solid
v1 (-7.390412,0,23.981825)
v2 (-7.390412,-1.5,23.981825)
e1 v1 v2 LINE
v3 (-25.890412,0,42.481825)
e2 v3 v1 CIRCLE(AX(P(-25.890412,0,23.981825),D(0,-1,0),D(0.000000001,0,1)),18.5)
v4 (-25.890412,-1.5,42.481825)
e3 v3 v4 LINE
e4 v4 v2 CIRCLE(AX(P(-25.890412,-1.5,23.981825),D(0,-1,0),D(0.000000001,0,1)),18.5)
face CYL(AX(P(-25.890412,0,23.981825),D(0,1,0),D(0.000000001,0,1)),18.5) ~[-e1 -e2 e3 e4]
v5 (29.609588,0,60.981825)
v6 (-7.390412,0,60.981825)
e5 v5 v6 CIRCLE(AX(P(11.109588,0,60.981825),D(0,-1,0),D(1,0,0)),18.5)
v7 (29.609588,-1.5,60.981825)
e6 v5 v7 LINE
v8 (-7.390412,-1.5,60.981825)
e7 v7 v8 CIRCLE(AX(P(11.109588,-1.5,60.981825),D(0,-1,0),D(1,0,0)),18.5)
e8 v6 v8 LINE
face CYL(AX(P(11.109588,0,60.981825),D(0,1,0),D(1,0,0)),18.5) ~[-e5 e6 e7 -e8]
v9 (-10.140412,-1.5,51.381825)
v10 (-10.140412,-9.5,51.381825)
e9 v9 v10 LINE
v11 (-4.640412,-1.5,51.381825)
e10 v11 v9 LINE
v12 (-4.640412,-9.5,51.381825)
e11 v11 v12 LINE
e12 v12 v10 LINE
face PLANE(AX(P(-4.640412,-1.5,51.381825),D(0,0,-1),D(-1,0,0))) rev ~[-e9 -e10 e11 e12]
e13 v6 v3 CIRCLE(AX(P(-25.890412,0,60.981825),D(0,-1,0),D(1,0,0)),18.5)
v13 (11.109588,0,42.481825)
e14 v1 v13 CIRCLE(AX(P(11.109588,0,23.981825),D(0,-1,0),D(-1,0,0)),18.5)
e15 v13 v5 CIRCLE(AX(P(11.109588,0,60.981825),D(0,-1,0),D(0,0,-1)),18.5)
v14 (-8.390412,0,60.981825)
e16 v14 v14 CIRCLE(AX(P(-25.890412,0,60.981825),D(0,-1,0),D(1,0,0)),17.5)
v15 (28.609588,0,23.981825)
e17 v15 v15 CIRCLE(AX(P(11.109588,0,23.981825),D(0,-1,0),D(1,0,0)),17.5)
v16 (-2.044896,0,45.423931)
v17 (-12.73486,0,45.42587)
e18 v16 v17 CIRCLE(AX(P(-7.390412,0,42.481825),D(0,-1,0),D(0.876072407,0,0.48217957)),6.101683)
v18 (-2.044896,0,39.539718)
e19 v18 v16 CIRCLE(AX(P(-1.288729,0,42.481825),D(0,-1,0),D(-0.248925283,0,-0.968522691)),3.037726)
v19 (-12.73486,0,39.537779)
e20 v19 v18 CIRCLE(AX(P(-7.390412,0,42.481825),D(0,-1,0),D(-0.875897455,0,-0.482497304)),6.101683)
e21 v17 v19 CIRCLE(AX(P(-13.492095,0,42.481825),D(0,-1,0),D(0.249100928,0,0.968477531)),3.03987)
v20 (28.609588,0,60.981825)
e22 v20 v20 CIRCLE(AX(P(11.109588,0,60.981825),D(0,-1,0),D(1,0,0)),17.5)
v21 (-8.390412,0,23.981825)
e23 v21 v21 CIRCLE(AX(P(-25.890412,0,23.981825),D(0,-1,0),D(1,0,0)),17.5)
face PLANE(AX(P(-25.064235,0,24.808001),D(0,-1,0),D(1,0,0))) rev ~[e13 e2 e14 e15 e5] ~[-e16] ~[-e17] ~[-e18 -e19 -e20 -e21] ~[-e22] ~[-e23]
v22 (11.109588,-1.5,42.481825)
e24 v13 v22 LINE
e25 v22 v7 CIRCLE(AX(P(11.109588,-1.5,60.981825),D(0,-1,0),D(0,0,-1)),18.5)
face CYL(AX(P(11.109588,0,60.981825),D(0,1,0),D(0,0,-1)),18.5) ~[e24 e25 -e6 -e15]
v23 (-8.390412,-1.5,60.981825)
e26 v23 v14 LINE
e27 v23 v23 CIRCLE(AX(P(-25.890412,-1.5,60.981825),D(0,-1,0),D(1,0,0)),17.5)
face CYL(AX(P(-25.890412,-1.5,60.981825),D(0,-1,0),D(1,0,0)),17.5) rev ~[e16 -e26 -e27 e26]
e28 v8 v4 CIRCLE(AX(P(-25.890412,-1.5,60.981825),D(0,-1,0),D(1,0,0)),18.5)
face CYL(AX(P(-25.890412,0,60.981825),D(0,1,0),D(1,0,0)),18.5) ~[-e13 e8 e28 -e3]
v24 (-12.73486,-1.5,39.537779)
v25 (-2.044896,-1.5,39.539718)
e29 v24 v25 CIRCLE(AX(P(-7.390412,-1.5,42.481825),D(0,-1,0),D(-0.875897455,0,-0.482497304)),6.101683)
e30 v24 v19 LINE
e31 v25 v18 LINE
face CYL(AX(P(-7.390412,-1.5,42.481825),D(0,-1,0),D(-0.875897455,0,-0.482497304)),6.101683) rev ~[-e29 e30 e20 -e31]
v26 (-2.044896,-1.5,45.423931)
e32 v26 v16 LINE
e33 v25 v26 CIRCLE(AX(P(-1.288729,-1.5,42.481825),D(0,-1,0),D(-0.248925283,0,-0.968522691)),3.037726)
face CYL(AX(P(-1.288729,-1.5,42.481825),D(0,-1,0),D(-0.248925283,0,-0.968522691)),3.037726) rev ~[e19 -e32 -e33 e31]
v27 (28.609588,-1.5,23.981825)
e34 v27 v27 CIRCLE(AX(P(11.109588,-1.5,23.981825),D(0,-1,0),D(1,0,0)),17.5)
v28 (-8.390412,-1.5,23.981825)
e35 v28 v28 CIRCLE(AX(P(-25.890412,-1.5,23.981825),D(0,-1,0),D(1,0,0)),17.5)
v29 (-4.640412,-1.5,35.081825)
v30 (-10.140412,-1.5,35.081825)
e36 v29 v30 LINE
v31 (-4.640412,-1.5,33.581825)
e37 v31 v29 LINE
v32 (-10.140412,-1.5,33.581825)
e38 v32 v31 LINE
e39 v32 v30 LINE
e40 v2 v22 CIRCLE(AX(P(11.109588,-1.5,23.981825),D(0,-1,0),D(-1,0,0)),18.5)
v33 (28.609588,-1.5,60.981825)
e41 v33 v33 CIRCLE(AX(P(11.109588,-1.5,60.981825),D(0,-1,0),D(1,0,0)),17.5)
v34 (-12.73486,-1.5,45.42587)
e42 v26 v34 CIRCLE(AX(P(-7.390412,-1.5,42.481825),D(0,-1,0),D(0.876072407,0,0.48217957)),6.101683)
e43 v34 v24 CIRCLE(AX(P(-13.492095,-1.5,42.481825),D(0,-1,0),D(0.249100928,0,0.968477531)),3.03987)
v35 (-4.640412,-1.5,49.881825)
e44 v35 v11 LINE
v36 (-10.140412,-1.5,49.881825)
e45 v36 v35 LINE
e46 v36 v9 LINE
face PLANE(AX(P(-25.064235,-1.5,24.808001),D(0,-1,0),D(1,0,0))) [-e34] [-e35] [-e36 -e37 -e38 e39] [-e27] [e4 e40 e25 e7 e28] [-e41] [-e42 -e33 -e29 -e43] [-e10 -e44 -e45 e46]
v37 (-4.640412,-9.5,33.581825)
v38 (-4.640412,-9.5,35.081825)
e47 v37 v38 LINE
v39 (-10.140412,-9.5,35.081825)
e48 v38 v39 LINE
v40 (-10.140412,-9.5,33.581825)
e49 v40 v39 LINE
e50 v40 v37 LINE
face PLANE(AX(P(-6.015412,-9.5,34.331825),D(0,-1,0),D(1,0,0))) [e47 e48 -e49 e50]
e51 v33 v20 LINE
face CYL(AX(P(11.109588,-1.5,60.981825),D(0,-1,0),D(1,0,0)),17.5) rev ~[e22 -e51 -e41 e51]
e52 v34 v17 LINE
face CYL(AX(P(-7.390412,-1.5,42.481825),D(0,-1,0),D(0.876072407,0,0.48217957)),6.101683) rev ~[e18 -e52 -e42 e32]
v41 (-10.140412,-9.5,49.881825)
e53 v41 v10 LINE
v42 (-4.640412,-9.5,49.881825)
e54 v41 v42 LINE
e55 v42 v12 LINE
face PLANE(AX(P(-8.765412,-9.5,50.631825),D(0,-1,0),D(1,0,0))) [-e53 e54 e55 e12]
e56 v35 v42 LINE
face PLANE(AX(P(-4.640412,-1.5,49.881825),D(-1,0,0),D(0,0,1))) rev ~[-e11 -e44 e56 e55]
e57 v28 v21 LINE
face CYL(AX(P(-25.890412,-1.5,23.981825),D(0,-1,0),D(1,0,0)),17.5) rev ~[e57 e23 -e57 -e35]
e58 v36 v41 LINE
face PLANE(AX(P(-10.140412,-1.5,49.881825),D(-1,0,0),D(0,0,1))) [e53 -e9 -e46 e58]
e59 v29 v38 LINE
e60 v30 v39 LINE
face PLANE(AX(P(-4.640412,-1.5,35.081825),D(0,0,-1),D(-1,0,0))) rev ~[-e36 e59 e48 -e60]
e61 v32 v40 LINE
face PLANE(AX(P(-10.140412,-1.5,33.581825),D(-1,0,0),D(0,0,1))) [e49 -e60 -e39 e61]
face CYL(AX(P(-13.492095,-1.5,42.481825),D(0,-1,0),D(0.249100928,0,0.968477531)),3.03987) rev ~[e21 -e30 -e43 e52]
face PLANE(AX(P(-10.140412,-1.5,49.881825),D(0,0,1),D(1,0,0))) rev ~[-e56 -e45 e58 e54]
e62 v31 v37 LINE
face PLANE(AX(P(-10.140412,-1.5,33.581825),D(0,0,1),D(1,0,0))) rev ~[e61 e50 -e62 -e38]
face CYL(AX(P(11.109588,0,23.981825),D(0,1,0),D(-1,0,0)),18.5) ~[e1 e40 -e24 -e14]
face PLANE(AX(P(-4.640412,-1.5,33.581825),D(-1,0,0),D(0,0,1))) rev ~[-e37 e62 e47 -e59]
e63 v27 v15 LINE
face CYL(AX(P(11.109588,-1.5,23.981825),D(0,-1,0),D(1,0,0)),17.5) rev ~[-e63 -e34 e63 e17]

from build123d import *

# Parameters (mm, degrees)
F1_DEPTH = 1.5
F2_R     = 17.5
F3_DEPTH = 1.501
F4_W     = 2.75
F4_H     = 1.5
F5_DEPTH = 8
F7_DEPTH = 1.501


with BuildPart() as f1:
    # F0 (on Front) → F1 (new body)
    with BuildSketch(Plane.XZ):
        with BuildLine():
            ThreePointArc((-25.8904117895, 42.4818245173), (-38.971887268, 10.9003490722), (-7.3904118091, 23.9818245173))
            ThreePointArc((-7.3904118091, 23.9818245173), (-12.8089363502, 37.0632999623), (-25.8904117895, 42.4818245173))
        make_face()
        with BuildLine():
            ThreePointArc((11.1095881909, 42.4818245173), (-1.971887261, 37.0632999692), (-7.3904118091, 23.9818245173))
            ThreePointArc((-7.3904118091, 23.9818245173), (11.1095881909, 5.4818245173), (29.6095881909, 23.9818245173))
            ThreePointArc((29.6095881909, 23.9818245173), (24.1910636429, 37.0632999692), (11.1095881909, 42.4818245173))
        make_face()
        with BuildLine():
            ThreePointArc((-25.8904117895, 42.4818245173), (-12.8089363502, 37.0632999623), (-7.3904118091, 23.9818245173))
            ThreePointArc((-7.3904118091, 23.9818245173), (-1.971887261, 37.0632999692), (11.1095881909, 42.4818245173))
            ThreePointArc((11.1095881909, 42.4818245173), (-1.971887261, 47.9003490653), (-7.3904118091, 60.9818245173))
            ThreePointArc((-7.3904118091, 60.9818245173), (-12.8089363502, 47.9003490722), (-25.8904117895, 42.4818245173))
        make_face()
        with BuildLine():
            ThreePointArc((-7.3904118091, 60.9818245173), (-38.971887268, 74.0632999623), (-25.8904117895, 42.4818245173))
            ThreePointArc((-25.8904117895, 42.4818245173), (-12.8089363502, 47.9003490722), (-7.3904118091, 60.9818245173))
        make_face()
        with BuildLine():
            ThreePointArc((-7.3904118091, 60.9818245173), (-1.971887261, 47.9003490653), (11.1095881909, 42.4818245173))
            ThreePointArc((11.1095881909, 42.4818245173), (24.1910636429, 47.9003490653), (29.6095881909, 60.9818245173))
            ThreePointArc((29.6095881909, 60.9818245173), (11.1095881909, 79.4818245173), (-7.3904118091, 60.9818245173))
        make_face()
    extrude(amount=F1_DEPTH)

    # F2 (on face) → F3 (cut, through all)
    with BuildSketch(Plane.XZ.offset(1.5)):
        with Locations((-25.8904118091, 60.9818245173)):
            Circle(F2_R)
        with Locations((-25.8904118091, 23.9818245173)):
            Circle(F2_R)
        with Locations((11.1095881909, 60.9818245173)):
            Circle(F2_R)
        with Locations((11.1095881909, 23.9818245173)):
            Circle(F2_R)
    extrude(amount=-F3_DEPTH, mode=Mode.SUBTRACT)

    # F4 (on face) → F5 (join)
    with BuildSketch(Plane.XZ.offset(1.5)):
        with Locations((-6.0154118091, 34.3318245173)):
            Rectangle(F4_W, F4_H)
        with Locations((-8.7654118091, 34.3318245173)):
            Rectangle(F4_W, F4_H)
        with Locations((-8.7654118091, 50.6318245173)):
            Rectangle(F4_W, F4_H)
        with Locations((-6.0154118091, 50.6318245173)):
            Rectangle(F4_W, F4_H)
    extrude(amount=F5_DEPTH)

    # F6 (on face) → F7 (cut, through all)
    with BuildSketch(Plane.XZ.offset(1.5)):
        with BuildLine():
            ThreePointArc((-12.7348604006, 45.4258701055), (-16.5319645782, 42.4818245173), (-12.7348604006, 39.537778929))
            ThreePointArc((-12.7348604006, 39.537778929), (-7.3893052189, 36.3801416389), (-2.0448957156, 39.5397176417))
            ThreePointArc((-2.0448957156, 39.5397176417), (1.7489974946, 42.4818245173), (-2.0448957156, 45.4239313928))
            ThreePointArc((-2.0448957156, 45.4239313928), (-7.3893052189, 48.5835073956), (-12.7348604006, 45.4258701055))
        make_face()
    extrude(amount=-F7_DEPTH, mode=Mode.SUBTRACT)


solid = f1.part
